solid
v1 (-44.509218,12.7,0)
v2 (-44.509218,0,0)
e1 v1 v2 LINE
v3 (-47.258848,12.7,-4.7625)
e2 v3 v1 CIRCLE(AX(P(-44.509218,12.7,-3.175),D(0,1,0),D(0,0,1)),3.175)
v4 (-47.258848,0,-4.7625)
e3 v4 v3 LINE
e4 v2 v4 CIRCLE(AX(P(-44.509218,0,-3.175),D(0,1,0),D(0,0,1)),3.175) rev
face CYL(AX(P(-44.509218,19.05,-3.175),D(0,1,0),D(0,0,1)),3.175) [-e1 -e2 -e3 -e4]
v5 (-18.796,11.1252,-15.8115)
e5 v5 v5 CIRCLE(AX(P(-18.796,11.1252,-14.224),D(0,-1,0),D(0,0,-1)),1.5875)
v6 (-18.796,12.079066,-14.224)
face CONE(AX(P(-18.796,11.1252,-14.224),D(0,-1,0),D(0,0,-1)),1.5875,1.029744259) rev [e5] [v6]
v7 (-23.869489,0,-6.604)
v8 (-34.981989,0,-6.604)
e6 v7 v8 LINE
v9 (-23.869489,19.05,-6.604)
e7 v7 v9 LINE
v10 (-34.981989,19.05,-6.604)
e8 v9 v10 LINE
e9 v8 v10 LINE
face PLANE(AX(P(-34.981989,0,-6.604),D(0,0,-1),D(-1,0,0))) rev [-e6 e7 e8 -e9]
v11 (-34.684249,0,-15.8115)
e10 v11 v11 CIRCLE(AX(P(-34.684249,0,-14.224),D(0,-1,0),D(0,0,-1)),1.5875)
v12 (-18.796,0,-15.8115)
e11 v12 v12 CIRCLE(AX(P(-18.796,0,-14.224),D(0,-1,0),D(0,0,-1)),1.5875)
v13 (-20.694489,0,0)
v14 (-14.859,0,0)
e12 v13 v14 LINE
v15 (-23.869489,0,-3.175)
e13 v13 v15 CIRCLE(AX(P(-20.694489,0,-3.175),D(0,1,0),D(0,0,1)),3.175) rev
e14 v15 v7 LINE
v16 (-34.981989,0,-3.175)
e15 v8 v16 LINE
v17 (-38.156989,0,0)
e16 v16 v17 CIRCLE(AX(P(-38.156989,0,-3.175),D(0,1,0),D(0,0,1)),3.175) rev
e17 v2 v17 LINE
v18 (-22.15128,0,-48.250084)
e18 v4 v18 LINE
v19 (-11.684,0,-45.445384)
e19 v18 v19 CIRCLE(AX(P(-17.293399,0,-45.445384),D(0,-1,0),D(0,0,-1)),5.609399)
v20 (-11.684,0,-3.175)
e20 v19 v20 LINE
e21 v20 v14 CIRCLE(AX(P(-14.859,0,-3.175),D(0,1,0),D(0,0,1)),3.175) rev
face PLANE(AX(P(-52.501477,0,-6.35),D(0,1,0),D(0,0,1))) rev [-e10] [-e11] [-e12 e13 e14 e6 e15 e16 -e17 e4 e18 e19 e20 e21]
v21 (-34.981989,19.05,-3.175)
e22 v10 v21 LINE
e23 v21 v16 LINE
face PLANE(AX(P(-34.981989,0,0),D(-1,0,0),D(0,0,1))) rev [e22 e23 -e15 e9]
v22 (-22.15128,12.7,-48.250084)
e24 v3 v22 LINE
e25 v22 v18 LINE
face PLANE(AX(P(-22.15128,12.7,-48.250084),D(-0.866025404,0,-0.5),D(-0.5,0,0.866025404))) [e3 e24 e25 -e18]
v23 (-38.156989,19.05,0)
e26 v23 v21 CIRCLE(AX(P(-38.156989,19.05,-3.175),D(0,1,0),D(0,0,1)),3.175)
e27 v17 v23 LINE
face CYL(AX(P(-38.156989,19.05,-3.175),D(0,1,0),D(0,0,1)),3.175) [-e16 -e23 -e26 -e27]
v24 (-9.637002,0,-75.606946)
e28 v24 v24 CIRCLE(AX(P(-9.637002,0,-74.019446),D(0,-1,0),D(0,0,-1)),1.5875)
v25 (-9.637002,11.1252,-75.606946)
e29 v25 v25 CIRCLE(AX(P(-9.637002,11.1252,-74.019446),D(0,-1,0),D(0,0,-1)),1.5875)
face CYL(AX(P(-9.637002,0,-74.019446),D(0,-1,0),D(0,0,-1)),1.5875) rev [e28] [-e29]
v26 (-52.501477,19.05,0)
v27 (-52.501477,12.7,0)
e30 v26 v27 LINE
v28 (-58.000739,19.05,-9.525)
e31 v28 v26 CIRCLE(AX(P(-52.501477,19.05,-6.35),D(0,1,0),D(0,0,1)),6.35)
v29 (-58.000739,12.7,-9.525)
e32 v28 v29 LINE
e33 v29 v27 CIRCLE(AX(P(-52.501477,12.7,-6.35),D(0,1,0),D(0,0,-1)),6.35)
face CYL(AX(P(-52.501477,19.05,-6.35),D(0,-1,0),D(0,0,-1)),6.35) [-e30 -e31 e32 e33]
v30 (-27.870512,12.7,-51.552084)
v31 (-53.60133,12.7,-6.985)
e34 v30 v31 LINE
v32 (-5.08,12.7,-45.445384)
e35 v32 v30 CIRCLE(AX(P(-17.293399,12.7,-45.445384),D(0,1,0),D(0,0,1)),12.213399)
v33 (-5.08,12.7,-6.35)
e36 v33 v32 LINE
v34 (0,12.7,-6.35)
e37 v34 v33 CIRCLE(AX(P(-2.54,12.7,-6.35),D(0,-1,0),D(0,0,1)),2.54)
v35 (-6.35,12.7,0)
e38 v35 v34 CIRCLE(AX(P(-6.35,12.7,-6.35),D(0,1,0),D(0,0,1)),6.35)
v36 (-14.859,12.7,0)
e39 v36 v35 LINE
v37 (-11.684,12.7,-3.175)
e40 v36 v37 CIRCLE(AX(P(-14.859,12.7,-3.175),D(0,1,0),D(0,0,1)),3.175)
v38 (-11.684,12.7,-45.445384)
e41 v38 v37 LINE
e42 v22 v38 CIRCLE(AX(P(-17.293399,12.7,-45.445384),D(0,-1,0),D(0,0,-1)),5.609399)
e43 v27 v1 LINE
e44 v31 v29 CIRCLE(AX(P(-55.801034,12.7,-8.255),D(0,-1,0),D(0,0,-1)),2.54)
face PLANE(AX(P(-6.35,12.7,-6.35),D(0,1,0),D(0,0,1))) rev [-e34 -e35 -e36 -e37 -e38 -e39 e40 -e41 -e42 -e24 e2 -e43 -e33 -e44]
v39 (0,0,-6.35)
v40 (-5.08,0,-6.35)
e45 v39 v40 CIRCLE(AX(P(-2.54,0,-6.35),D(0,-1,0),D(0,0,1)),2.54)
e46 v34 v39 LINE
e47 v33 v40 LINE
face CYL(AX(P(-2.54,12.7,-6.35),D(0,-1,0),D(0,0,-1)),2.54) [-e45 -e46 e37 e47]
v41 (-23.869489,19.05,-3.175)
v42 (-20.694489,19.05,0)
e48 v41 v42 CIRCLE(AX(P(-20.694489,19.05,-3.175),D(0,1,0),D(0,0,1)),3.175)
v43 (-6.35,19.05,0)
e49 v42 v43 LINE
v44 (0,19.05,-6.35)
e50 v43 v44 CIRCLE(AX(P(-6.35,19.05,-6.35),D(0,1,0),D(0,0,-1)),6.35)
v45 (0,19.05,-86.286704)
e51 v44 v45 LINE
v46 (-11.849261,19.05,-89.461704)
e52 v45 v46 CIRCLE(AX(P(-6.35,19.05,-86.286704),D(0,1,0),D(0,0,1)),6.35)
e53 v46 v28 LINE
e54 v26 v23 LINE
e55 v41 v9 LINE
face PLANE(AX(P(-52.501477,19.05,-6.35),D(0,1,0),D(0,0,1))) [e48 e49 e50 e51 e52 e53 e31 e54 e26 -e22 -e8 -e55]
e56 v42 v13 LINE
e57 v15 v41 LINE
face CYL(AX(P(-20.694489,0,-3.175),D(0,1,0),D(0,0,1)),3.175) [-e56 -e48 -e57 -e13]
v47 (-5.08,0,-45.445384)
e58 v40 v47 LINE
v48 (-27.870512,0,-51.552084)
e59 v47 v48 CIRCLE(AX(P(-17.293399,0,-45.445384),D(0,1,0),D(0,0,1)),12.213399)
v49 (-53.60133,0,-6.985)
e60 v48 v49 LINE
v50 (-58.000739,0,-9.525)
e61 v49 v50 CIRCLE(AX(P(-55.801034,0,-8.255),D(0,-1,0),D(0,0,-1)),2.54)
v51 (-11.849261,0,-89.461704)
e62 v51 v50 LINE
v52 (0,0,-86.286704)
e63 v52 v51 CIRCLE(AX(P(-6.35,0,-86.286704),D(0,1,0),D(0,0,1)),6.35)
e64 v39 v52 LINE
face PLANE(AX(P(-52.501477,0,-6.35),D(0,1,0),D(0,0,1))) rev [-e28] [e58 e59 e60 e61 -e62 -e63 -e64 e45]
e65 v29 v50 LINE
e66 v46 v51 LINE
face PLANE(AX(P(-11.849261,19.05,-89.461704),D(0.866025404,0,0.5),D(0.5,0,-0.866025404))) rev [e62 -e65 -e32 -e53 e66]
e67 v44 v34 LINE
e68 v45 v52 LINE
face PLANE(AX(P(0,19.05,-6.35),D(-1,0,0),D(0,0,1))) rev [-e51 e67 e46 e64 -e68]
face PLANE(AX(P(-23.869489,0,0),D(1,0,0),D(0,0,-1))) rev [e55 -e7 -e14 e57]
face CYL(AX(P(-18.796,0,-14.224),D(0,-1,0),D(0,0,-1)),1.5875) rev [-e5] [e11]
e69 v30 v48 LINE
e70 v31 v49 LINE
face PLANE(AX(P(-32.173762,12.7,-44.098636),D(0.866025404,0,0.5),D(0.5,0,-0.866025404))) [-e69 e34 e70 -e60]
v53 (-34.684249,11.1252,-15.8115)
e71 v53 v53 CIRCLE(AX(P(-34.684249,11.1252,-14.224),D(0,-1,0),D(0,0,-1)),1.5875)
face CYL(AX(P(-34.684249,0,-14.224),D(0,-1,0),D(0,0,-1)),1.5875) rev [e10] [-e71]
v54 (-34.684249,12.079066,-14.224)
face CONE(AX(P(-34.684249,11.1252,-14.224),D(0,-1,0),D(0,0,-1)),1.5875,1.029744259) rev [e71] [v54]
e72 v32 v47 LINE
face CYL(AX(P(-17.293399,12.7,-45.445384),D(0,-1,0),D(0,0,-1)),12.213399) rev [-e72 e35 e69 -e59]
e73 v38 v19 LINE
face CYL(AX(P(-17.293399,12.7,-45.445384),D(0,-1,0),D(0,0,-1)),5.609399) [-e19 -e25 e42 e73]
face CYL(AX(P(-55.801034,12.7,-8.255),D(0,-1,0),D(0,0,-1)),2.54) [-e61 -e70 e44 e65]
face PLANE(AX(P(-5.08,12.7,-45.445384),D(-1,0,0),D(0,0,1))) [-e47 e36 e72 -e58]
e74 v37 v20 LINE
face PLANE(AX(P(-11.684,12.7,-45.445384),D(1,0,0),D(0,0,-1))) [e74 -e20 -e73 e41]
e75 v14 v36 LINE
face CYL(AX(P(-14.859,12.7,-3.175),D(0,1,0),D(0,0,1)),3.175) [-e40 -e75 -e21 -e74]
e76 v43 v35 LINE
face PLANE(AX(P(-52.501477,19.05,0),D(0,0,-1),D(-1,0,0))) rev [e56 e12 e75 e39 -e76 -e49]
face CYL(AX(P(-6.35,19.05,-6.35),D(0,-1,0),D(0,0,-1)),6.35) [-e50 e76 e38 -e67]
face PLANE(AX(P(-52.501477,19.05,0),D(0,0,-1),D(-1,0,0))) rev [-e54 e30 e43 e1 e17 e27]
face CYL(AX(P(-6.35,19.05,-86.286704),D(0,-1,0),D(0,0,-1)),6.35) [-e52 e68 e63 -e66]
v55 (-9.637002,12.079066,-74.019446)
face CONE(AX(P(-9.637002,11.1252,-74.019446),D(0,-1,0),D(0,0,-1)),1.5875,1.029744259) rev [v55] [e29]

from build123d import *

# Parameters (mm, degrees)
BOSS_EXTRUDE1_DEPTH              = 19.05
SKETCH2_W                        = 11.1125
SKETCH2_H                        = 6.604
CUT_EXTRUDE1_DEPTH               = 112.391012889
CUT_EXTRUDE2_DEPTH               = 12.7
FILLET1_R                        = 3.175
F_1_8_0_125_DIAMETER_HOLE1_D     = 3.175
F_1_8_0_125_DIAMETER_HOLE1_DEPTH = 11.1252
F_1_8_0_125_DIAMETER_HOLE1_TIP   = 0.953866233


with BuildPart() as part:
    # Sketch1 → Boss-Extrude1 (new body)
    with BuildSketch(Plane(origin=(0, 0, 0), x_dir=(1, 0, 0), z_dir=(0, 1, 0))):
        with BuildLine():
            Line((0, 6.35), (0, 86.286703653))
            ThreePointArc((0, 86.286703653), (-4.706499064, 92.420332649), (-11.849261314, 89.461703653))
            Line((-11.849261314, 89.461703653), (-58.000738686, 9.525))
            ThreePointArc((-58.000738686, 9.525), (-58.000738686, 3.175), (-52.501477372, 0))
            Line((-52.501477372, 0), (-6.35, 0))
            ThreePointArc((-6.35, 0), (-1.859871939, 1.859871939), (0, 6.35))
        make_face()
    extrude(amount=BOSS_EXTRUDE1_DEPTH)

    # Sketch2 → Cut-Extrude1 (cut, through all)
    with BuildSketch(Plane(origin=(0, 19.05, 0), x_dir=(1, 0, 0), z_dir=(0, 1, 0))):
        with Locations((-29.425738686, 3.302)):
            Rectangle(SKETCH2_W, SKETCH2_H)
    extrude(amount=-CUT_EXTRUDE1_DEPTH, mode=Mode.SUBTRACT)

    # Sketch3 → Cut-Extrude2 (cut)
    with BuildSketch(Plane(origin=(0, 0, 0), x_dir=(1, 0, 0), z_dir=(0, 1, 0))):
        with BuildLine():
            Line((-22.151280202, 48.250083518), (-50.00847891, 0))
            Line((-50.00847891, 0), (-52.501477372, 0))
            ThreePointArc((-52.501477372, 0), (-58.000738686, 3.175), (-58.000738686, 9.525))
            ThreePointArc((-58.000738686, 9.525), (-57.07103416, 6.055295474), (-53.601329635, 6.985))
            Line((-53.601329635, 6.985), (-32.17376215, 44.098635567))
            Line((-32.17376215, 44.098635567), (-27.870511969, 51.552083518))
            ThreePointArc((-27.870511969, 51.552083518), (-14.132338403, 57.242621331), (-5.08, 45.445384241))
            Line((-5.08, 45.445384241), (-5.08, 36.838883879))
            Line((-5.08, 36.838883879), (-5.08, 6.35))
            ThreePointArc((-5.08, 6.35), (-2.54, 3.81), (0, 6.35))
            ThreePointArc((0, 6.35), (-1.859871939, 1.859871939), (-6.35, 0))
            Line((-6.35, 0), (-11.684, 0))
            Line((-11.684, 0), (-11.684, 45.445384241))
            ThreePointArc((-11.684, 45.445384241), (-15.841579377, 50.863647174), (-22.151280202, 48.250083518))
        make_face()
    extrude(amount=CUT_EXTRUDE2_DEPTH, mode=Mode.SUBTRACT)

    # Fillet1
    fillet1_edges = [part.edges().sort_by_distance(p)[0] for p in [
        (-34.981988686, 9.525, 0),
        (-23.869488686, 9.525, 0),
        (-50.00847891, 6.35, 0),
        (-11.684, 6.35, 0),
    ]]
    fillet(fillet1_edges, radius=FILLET1_R)

    # 1/8 (0.125) Diameter Hole1
    with Locations(Plane(origin=(0, 0, 0), x_dir=(-1, 0, 0), z_dir=(0, -1, 0))):
        with Locations((9.637001873, 74.019445659), (18.796, 14.224), (34.684248681, 14.224)):
            Hole(F_1_8_0_125_DIAMETER_HOLE1_D / 2, depth=F_1_8_0_125_DIAMETER_HOLE1_DEPTH)
            with Locations((0, 0, -(F_1_8_0_125_DIAMETER_HOLE1_DEPTH + F_1_8_0_125_DIAMETER_HOLE1_TIP / 2))):  # 118° drill point
                Cone(0, F_1_8_0_125_DIAMETER_HOLE1_D / 2, F_1_8_0_125_DIAMETER_HOLE1_TIP, mode=Mode.SUBTRACT)


solid = part.part
